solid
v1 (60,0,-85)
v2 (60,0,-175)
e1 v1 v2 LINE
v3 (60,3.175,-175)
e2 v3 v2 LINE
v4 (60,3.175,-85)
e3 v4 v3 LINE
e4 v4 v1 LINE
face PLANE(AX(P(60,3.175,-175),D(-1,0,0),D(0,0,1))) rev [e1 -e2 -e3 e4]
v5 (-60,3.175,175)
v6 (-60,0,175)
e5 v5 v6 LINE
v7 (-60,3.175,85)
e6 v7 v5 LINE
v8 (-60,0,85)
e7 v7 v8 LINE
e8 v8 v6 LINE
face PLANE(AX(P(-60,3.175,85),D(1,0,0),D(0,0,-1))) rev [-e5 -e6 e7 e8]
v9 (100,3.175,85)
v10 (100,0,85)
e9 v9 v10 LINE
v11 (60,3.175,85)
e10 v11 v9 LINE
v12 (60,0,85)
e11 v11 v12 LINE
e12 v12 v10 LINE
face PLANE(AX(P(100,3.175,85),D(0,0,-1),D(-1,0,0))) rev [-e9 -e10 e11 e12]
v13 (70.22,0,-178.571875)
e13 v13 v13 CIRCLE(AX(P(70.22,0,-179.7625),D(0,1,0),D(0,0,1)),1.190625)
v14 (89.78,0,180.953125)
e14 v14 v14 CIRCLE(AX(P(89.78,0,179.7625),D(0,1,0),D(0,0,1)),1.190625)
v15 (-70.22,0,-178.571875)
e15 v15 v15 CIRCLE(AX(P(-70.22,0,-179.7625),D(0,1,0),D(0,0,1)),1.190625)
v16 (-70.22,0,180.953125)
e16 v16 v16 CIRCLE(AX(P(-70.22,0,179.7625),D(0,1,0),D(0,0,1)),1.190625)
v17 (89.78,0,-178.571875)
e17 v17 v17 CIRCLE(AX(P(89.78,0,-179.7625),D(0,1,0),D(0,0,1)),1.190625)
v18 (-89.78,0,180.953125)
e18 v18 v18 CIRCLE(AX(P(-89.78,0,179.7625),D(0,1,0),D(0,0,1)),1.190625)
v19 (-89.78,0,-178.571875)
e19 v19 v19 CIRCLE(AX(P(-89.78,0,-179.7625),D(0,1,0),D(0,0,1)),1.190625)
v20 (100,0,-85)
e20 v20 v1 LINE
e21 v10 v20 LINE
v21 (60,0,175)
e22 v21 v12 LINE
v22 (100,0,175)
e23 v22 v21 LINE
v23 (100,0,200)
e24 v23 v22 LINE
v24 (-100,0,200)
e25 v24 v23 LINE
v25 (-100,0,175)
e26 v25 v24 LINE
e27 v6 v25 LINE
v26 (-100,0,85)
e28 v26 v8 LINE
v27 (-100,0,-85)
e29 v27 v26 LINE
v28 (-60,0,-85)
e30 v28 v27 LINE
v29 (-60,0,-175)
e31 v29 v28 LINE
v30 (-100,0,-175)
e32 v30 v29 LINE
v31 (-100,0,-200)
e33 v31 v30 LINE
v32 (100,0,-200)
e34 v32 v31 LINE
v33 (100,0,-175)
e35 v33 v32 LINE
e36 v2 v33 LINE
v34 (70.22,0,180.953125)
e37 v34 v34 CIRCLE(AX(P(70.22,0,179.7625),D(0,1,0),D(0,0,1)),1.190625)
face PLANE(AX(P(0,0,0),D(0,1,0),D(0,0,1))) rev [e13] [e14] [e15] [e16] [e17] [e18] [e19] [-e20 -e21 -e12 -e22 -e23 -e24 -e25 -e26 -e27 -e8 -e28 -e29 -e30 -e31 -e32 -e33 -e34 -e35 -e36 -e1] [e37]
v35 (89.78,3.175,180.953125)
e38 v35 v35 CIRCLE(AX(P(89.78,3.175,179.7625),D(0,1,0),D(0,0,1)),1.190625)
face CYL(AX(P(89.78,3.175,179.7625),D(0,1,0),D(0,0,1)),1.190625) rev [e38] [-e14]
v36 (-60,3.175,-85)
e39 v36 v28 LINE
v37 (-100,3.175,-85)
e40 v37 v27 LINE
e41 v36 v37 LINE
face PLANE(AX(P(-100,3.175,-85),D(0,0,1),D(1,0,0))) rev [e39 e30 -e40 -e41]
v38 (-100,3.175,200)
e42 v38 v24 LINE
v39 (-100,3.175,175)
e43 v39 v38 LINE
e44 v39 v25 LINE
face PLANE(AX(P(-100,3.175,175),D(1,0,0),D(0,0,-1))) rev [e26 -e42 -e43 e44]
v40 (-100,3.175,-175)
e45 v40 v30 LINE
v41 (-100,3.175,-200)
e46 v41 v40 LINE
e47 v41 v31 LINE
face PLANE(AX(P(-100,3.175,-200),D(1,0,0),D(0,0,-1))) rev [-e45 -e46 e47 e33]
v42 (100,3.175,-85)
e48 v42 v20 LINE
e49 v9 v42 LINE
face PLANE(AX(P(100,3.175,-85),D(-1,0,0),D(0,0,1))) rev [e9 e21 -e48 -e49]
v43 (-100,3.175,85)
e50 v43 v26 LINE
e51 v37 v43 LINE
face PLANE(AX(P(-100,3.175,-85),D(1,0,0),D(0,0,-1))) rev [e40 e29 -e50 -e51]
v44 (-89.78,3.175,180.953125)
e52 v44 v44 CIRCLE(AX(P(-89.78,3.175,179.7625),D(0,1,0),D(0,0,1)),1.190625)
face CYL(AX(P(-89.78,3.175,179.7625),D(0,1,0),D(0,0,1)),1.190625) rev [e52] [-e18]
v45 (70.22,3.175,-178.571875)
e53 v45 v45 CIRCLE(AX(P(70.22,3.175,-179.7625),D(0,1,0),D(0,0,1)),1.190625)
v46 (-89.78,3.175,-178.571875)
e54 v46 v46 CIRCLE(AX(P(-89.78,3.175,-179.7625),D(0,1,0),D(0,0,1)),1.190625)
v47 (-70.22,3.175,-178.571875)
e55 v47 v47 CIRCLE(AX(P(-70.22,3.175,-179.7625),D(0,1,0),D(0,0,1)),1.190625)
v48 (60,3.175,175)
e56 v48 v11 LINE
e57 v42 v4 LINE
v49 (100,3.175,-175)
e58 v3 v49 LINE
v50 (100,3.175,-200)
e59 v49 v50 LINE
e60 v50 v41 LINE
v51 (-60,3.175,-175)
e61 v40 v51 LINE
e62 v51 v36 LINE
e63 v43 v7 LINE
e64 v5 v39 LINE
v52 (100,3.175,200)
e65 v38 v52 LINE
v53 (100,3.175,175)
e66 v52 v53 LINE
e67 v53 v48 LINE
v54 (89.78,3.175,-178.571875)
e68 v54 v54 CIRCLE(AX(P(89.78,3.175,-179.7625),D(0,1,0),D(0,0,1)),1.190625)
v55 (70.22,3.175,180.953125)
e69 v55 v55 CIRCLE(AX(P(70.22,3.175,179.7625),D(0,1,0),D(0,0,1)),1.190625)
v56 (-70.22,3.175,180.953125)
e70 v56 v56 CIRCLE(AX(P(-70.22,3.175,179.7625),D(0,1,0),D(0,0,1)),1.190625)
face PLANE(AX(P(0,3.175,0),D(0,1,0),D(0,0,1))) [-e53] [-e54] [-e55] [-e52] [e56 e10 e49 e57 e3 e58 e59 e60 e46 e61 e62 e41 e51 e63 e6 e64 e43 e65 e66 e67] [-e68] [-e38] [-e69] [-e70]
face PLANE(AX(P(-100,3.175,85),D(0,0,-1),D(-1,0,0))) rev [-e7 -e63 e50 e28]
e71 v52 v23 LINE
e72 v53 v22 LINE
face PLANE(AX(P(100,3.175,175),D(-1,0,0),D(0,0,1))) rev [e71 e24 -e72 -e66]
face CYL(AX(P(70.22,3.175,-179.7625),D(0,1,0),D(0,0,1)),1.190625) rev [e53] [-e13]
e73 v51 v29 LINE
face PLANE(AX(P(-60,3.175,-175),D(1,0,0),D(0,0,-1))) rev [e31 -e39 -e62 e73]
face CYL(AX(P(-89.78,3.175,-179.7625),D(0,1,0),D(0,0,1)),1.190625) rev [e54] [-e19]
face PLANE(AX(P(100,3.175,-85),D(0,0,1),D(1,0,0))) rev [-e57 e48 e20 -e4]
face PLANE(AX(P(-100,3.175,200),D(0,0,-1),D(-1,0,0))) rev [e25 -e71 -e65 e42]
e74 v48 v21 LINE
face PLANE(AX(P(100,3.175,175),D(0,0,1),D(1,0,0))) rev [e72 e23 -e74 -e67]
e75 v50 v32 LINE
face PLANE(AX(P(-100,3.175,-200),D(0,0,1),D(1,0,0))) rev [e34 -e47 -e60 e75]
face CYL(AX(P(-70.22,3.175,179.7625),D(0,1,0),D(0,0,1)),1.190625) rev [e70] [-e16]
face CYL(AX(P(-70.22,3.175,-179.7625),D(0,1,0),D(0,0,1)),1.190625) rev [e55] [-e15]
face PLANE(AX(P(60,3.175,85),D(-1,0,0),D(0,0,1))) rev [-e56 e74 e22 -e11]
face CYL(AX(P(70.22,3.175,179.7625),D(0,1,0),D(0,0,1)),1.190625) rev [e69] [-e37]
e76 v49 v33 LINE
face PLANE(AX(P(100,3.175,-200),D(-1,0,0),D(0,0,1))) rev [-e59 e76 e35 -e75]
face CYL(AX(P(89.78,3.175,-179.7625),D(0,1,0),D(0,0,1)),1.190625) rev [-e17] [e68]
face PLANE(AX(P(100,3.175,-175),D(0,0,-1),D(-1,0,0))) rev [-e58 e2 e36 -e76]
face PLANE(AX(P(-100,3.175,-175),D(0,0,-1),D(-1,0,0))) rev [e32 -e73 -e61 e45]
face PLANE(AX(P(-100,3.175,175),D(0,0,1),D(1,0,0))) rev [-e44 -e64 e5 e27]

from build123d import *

# Parameters (mm, degrees)
BOSS_EXTRUDE1_DEPTH                  = 3.175
F_3_32_0_09375_DIAMETER_HOLE1_D      = 2.38125
MIRROR5_AT_THE_SECOND_PLANE_COPY_1_D = 2.38125


with BuildPart() as part:
    # Sketch1 → Boss-Extrude1 (new body)
    with BuildSketch(Plane(origin=(0, 0, 0), x_dir=(1, 0, 0), z_dir=(0, 1, 0))):
        Polygon((-100, 85), (-100, -85), (-60, -85), (-60, -175), (-100, -175), (-100, -200), (100, -200), (100, -175), (60, -175), (60, -85), (100, -85), (100, 85), (60, 85), (60, 175), (100, 175), (100, 200), (-100, 200), (-100, 175), (-60, 175), (-60, 85), align=None)
    extrude(amount=BOSS_EXTRUDE1_DEPTH)

    # 3/32 (0.09375) Diameter Hole1 (through all)
    with Locations(Plane(origin=(0, 3.175, 0), x_dir=(1, 0, 0), z_dir=(0, 1, 0))):
        with Locations((-89.78, 179.7625), (-70.22, 179.7625)):
            f_3_32_0_09375_diameter_hole1 = Hole(F_3_32_0_09375_DIAMETER_HOLE1_D / 2)

    # Mirror5: 3/32 (0.09375) Diameter Hole1 across plane
    add(f_3_32_0_09375_diameter_hole1.mirror(Plane(origin=(0, 0, 0), x_dir=(0, 0, 1), z_dir=(1, 0, 0))), mode=Mode.SUBTRACT)

    # Mirror5 at the second plane: 3/32 (0.09375) Diameter Hole1 across plane
    add(f_3_32_0_09375_diameter_hole1.mirror(Plane.XY), mode=Mode.SUBTRACT)

    # Mirror5 at the second plane copy 1 (through all)
    with Locations(Plane(origin=(0, 3.175, 0), x_dir=(-1, 0, 0), z_dir=(0, 1, 0))):
        with Locations((-89.78, 179.7625), (-70.22, 179.7625)):
            Hole(MIRROR5_AT_THE_SECOND_PLANE_COPY_1_D / 2)


solid = part.part
